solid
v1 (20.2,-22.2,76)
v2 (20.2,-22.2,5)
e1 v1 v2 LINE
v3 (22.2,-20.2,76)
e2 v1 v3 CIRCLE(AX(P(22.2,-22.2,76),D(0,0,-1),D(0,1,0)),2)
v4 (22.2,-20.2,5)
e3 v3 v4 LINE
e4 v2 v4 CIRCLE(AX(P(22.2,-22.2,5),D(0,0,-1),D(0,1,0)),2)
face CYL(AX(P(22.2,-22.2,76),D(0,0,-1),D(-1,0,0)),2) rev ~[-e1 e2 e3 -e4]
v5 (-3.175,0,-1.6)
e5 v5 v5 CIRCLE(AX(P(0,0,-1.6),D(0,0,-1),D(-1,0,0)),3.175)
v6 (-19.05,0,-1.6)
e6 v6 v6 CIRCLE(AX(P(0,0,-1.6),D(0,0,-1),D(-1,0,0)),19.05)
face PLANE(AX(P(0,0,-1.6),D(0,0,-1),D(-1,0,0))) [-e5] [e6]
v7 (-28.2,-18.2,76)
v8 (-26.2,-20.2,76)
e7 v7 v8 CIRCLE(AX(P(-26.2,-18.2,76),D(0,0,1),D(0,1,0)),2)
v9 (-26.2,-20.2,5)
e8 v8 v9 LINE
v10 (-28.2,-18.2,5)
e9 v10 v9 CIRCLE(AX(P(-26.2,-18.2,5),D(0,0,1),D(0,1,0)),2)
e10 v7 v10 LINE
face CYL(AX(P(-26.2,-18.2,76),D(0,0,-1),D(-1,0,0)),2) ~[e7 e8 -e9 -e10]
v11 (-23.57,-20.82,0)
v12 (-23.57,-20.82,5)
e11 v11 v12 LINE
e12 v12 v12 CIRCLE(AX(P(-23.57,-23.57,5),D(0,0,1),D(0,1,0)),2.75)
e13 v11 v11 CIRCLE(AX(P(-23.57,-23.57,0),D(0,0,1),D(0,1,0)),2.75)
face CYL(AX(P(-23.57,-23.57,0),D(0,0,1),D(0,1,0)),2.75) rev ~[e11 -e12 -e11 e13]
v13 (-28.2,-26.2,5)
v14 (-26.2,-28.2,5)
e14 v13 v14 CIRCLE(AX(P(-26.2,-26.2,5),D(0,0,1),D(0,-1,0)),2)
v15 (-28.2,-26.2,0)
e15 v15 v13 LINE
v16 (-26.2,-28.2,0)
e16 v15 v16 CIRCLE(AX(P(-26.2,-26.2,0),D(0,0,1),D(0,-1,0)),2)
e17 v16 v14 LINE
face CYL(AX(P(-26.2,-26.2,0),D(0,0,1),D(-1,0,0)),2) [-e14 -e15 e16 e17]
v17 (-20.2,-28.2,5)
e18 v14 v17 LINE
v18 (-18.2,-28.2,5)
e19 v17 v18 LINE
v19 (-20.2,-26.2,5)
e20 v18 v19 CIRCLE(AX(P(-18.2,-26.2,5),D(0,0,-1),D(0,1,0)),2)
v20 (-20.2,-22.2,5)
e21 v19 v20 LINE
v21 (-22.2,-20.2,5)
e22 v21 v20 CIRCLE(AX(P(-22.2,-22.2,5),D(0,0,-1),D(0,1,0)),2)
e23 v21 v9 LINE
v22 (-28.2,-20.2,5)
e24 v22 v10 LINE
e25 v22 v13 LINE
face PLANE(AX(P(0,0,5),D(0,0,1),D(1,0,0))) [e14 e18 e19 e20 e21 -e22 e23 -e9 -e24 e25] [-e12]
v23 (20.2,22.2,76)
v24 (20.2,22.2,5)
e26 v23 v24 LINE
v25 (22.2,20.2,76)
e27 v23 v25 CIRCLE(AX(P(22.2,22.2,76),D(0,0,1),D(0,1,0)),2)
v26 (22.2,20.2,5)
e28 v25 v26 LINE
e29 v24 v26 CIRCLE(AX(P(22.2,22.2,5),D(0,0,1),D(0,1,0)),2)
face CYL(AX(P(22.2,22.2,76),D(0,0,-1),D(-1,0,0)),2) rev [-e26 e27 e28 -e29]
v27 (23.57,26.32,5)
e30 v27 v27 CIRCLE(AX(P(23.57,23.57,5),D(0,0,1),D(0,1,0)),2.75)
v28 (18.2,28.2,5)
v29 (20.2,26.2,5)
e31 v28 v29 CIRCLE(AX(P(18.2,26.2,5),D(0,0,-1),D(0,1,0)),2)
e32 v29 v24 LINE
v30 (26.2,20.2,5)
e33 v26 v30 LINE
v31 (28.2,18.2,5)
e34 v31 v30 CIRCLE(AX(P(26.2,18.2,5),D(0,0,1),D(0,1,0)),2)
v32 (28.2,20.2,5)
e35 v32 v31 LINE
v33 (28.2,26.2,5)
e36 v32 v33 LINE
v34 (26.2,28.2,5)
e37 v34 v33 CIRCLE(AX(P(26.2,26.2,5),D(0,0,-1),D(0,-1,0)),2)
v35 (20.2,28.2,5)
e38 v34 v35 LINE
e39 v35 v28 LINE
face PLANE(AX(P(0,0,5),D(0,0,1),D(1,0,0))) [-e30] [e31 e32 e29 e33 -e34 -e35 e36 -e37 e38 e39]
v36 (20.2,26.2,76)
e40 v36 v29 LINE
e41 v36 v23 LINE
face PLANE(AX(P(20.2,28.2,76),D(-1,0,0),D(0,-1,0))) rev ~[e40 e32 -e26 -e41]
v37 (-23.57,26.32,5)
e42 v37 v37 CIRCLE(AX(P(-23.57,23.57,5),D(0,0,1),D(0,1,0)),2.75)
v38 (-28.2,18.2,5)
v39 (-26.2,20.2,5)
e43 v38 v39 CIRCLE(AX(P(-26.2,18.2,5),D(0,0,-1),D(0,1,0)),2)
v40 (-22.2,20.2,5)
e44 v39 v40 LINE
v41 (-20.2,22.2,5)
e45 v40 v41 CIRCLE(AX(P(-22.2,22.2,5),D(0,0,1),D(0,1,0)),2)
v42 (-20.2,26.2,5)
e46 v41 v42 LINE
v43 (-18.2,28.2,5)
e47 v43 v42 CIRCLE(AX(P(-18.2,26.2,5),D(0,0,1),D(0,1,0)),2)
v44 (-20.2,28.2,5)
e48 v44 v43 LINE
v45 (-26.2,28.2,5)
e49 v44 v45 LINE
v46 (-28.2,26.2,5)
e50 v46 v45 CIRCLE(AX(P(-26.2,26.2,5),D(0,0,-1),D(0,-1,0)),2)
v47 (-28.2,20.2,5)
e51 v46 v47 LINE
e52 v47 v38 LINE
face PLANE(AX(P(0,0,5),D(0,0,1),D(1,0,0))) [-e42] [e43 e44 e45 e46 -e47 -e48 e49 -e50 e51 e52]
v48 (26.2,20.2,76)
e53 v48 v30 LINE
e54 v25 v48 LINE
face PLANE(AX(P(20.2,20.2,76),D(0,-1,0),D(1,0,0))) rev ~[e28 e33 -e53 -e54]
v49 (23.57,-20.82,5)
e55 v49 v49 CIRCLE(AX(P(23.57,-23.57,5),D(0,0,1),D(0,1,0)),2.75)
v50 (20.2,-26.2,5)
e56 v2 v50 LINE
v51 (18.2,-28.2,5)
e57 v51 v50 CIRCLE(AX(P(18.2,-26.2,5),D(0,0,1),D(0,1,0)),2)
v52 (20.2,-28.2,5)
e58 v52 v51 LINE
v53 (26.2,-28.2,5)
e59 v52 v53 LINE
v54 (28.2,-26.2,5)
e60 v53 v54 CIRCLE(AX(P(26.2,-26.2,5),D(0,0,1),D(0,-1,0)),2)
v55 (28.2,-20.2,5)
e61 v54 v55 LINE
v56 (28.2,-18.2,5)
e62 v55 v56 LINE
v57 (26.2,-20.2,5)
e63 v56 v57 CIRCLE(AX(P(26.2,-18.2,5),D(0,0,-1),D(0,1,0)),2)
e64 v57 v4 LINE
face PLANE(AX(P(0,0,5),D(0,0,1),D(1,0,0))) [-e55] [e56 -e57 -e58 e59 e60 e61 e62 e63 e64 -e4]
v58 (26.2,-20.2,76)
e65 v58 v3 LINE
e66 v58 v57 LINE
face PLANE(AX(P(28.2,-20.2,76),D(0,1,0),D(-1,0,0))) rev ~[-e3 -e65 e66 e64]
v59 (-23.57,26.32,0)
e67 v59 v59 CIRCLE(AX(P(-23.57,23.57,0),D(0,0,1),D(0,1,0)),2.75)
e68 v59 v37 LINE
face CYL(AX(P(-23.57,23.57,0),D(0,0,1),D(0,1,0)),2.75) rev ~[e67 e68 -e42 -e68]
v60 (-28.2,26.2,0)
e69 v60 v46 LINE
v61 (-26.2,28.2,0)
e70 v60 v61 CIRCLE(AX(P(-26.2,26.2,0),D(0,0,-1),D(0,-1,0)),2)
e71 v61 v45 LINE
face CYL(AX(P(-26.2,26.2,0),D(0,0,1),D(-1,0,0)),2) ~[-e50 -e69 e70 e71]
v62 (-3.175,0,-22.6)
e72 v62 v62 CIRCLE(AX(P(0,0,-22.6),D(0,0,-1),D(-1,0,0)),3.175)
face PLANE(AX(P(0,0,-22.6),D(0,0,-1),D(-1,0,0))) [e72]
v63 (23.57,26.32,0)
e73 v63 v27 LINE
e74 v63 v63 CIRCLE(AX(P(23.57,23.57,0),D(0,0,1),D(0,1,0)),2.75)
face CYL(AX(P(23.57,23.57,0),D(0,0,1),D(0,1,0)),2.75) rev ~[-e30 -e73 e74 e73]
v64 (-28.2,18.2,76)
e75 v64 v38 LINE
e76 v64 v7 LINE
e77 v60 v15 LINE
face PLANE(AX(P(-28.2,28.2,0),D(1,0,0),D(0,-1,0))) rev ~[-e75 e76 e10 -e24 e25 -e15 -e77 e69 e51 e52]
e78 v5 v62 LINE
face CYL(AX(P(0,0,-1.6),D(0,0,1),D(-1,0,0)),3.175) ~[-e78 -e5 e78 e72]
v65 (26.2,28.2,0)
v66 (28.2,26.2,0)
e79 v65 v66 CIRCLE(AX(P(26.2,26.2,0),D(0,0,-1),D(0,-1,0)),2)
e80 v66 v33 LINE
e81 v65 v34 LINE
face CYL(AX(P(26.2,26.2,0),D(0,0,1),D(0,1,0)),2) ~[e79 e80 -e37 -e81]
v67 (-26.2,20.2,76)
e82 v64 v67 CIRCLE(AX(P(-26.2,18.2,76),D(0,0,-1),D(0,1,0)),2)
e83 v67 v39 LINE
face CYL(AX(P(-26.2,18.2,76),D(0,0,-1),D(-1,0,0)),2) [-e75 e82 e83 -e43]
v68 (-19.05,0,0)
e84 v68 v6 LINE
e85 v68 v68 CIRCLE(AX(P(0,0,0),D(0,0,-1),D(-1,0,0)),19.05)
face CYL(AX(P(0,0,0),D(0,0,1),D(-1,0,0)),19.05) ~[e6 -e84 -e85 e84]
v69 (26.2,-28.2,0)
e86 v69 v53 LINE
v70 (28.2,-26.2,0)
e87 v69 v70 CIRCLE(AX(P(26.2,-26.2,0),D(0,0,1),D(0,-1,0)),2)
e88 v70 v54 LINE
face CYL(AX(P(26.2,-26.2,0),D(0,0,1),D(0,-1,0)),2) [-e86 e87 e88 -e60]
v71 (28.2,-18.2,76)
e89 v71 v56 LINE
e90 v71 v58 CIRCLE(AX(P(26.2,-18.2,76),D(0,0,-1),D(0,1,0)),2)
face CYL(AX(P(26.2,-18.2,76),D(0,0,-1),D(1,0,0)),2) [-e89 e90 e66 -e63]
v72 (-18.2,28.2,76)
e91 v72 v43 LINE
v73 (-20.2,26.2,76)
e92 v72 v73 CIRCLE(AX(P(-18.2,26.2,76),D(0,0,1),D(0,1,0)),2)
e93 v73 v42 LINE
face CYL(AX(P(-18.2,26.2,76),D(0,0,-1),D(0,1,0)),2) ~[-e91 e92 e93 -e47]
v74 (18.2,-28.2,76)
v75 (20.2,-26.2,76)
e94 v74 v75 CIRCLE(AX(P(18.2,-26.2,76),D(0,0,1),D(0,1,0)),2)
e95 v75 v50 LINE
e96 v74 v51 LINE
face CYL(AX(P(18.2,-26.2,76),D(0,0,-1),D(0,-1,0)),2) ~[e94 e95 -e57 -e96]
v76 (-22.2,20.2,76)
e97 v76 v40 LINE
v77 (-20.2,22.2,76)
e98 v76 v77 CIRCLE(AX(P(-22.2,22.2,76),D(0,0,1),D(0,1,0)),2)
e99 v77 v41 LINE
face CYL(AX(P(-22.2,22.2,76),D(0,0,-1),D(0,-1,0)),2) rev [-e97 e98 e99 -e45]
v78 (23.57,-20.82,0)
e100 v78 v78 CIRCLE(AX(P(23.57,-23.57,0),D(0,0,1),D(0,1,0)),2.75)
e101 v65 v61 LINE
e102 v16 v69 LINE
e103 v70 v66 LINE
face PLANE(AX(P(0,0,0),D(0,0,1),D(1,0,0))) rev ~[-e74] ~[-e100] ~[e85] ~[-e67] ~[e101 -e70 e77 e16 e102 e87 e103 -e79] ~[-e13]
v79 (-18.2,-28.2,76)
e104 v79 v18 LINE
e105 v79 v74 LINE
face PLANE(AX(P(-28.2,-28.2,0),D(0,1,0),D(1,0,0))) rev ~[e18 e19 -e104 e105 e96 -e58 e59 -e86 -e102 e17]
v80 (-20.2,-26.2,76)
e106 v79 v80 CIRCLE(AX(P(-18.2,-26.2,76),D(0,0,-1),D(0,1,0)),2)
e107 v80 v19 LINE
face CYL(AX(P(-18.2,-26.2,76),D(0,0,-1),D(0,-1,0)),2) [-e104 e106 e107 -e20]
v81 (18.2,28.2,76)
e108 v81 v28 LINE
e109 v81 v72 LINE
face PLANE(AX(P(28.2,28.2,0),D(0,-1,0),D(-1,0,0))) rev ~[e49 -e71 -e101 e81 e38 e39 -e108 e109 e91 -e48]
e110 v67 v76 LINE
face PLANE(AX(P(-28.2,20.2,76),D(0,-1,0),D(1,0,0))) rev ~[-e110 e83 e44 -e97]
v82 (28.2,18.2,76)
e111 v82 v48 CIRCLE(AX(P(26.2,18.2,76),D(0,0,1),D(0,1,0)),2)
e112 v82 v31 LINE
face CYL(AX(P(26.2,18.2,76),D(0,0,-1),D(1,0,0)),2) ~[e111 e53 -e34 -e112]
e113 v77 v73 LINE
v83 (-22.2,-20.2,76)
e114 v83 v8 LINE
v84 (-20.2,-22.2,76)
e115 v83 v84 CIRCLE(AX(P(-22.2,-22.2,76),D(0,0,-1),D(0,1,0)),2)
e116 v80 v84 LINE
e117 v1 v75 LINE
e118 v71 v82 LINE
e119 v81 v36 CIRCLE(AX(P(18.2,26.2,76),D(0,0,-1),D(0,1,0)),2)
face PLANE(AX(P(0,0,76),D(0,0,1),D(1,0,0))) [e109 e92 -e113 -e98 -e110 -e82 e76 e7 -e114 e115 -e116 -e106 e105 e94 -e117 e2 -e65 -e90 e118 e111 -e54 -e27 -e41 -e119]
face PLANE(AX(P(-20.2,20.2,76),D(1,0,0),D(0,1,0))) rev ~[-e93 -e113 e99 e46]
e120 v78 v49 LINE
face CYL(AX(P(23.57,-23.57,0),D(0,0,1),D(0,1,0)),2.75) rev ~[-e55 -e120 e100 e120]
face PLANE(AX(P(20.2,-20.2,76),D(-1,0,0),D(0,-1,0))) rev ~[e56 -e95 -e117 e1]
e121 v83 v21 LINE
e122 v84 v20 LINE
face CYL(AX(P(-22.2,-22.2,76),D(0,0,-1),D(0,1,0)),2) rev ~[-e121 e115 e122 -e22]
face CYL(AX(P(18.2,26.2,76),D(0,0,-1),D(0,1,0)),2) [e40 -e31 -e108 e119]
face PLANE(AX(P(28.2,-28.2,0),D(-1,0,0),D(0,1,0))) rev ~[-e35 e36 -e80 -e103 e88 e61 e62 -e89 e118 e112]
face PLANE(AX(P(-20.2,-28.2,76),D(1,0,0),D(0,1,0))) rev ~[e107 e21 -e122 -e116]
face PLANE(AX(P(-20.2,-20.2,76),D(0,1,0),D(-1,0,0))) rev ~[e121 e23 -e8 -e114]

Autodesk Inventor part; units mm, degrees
ref_plane "YZ Plane" through (0, 0, 0) normal (1, 0, 0) x (0, 1, 0)
ref_plane "XZ Plane" through (0, 0, 0) normal (0, 1, 0) x (-1, 0, 0)
ref_plane "XY Plane" through (0, 0, 0) normal (0, 0, 1) x (1, 0, 0)
sketch "Sketch1" plane through (0, 0, 0) normal (0, 0, 1) x (1, 0, 0)
  line L0 (-28.2, -28.2) -> (28.2, -28.2)
  line L1 (28.2, -28.2) -> (28.2, 28.2)
  line L2 (28.2, 28.2) -> (-28.2, 28.2)
  line L3 (-28.2, 28.2) -> (-28.2, -28.2)
  line L4 (-28.2, -28.2) -> (28.2, 28.2) construction
  line L5 (28.2, -28.2) -> (-28.2, 28.2) construction
  point P0 (0, 0)
  point P1 (-23.57, 23.57)
  point P2 (23.57, 23.57)
  point P3 (23.57, -23.57)
  point P4 (-23.57, -23.57)
  dimension "d0" = 56.4
  dimension "d1" = 56.4
  dimension "d2" = 47.14
extrude "Extrusion1" add sketch "Sketch1" along normal blind 76
sketch "Sketch2" plane through (0, 0, 0) normal (0, 0, -1) x (-1, 0, 0)
  point P0 (0, 0)
  point P1 (-23.57, 23.57)
  point P2 (23.57, 23.57)
  point P3 (23.57, -23.57)
  point P4 (-23.57, -23.57)
  dimension "d5" = 47.14
  dimension "d6" = 47.14
  dimension "d8" = 23.57
  dimension "d9" = 23.57
hole "Hole1" at (23.57, 23.57, 0) at (-23.57, 23.57, 0) at (-23.57, -23.57, 0) at (23.57, -23.57, 0) direction (0, 0, 1) diameter 5.5 depth 8 tip angle 118
thread "Thread1" size "M5x0.8" class "6H" standard "ANSI Metric M Profile" full length
thread "Thread2" size "M5.5x0.5" class "6H" standard "ANSI Metric M Profile" full length
thread "Thread3" size "M5.5x0.5" class "6H" standard "ANSI Metric M Profile" full length
thread "Thread4" size "M5.5x0.5" class "6H" standard "ANSI Metric M Profile" full length
sketch "Sketch3" plane through (0, 0, 0) normal (0, 0, -1) x (-1, 0, 0)
  circle A0 centre (0, 0) radius 19.05
  dimension "d25" = 38.1
extrude "Extrusion2" add sketch "Sketch3" along normal blind 1.6
sketch "Sketch4" plane through (0, 0, -1.6) normal (0, 0, -1) x (-1, 0, 0)
  circle A0 centre (0, 0) radius 19.05 projected
  circle A1 centre (0, 0) radius 3.175
  dimension "d28" = 6.35
extrude "Extrusion3" add sketch "Sketch4" along normal blind 21 contours A1
sketch "Sketch5" plane through (0, 0, 76) normal (0, 0, 1) x (1, 0, 0)
  line L0 (-28.2, -28.2) -> (28.2, -28.2) projected
  line L1 (28.2, -28.2) -> (28.2, 28.2) projected
  line L2 (28.2, 28.2) -> (-28.2, 28.2) projected
  line L3 (-28.2, 28.2) -> (-28.2, -28.2) projected
  line L4 (-28.2, 20.2) -> (-20.2, 20.2)
  line L5 (-20.2, 20.2) -> (-20.2, 28.2)
  line L6 (20.2, 28.2) -> (20.2, 20.2)
  line L7 (20.2, 20.2) -> (28.2, 20.2)
  line L8 (28.2, -20.2) -> (20.2, -20.2)
  line L9 (-20.2, -28.2) -> (-20.2, -20.2)
  line L10 (-20.2, -20.2) -> (-28.2, -20.2)
  line L11 (20.2, -20.2) -> (20.2, -28.2)
  line L12 (-20.2, 28.2) -> (20.2, 28.2)
  line L13 (28.2, 20.2) -> (28.2, -20.2)
  line L14 (-28.2, 20.2) -> (-28.2, -20.2)
  line L15 (-20.2, -28.2) -> (20.2, -28.2)
  point P0 (0, 0)
  dimension "d31" = 8
  dimension "d32" = 8
  dimension "d33" = 8
  dimension "d34" = 8
  dimension "d35" = 8
  dimension "d36" = 8
  dimension "d37" = 8
  dimension "d38" = 8
extrude "Extrusion4" cut sketch "Sketch5" against normal blind 71 contours L3 L10 L9 L0 | L11 L8 L1 L0 | L3 L2 L5 L4 | L7 L6 L2 L1
fillet "Fillet1" radius 2 1 edges at (-28.2, 28.2, 2.5)
fillet "Fillet2" radius 2 15 edges at (28.2, 28.2, 2.5) (-20.2, 28.2, 40.5) (-28.2, 20.2, 40.5) (-20.2, 20.2, 40.5) (-28.2, -20.2, 40.5) (-28.2, -28.2, 2.5) (20.2, 28.2, 40.5) (20.2, 20.2, 40.5) (28.2, 20.2, 40.5) (20.2, -28.2, 40.5) (20.2, -20.2, 40.5) (28.2, -20.2, 40.5) (28.2, -28.2, 2.5) (-20.2, -28.2, 40.5) (-20.2, -20.2, 40.5)
equation "\"d1\" = d0"
equation "\"d6\" = d5"
equation "\"d8\" = 0.5 * d5"
equation "\"d9\" = d8"
equation "\"d33\" = d31"
equation "\"d34\" = d32"
equation "\"d35\" = d34"
equation "\"d36\" = d35"
equation "\"d37\" = d31"
equation "\"d38\" = d32"
properties part number "nema23_HS8630"
